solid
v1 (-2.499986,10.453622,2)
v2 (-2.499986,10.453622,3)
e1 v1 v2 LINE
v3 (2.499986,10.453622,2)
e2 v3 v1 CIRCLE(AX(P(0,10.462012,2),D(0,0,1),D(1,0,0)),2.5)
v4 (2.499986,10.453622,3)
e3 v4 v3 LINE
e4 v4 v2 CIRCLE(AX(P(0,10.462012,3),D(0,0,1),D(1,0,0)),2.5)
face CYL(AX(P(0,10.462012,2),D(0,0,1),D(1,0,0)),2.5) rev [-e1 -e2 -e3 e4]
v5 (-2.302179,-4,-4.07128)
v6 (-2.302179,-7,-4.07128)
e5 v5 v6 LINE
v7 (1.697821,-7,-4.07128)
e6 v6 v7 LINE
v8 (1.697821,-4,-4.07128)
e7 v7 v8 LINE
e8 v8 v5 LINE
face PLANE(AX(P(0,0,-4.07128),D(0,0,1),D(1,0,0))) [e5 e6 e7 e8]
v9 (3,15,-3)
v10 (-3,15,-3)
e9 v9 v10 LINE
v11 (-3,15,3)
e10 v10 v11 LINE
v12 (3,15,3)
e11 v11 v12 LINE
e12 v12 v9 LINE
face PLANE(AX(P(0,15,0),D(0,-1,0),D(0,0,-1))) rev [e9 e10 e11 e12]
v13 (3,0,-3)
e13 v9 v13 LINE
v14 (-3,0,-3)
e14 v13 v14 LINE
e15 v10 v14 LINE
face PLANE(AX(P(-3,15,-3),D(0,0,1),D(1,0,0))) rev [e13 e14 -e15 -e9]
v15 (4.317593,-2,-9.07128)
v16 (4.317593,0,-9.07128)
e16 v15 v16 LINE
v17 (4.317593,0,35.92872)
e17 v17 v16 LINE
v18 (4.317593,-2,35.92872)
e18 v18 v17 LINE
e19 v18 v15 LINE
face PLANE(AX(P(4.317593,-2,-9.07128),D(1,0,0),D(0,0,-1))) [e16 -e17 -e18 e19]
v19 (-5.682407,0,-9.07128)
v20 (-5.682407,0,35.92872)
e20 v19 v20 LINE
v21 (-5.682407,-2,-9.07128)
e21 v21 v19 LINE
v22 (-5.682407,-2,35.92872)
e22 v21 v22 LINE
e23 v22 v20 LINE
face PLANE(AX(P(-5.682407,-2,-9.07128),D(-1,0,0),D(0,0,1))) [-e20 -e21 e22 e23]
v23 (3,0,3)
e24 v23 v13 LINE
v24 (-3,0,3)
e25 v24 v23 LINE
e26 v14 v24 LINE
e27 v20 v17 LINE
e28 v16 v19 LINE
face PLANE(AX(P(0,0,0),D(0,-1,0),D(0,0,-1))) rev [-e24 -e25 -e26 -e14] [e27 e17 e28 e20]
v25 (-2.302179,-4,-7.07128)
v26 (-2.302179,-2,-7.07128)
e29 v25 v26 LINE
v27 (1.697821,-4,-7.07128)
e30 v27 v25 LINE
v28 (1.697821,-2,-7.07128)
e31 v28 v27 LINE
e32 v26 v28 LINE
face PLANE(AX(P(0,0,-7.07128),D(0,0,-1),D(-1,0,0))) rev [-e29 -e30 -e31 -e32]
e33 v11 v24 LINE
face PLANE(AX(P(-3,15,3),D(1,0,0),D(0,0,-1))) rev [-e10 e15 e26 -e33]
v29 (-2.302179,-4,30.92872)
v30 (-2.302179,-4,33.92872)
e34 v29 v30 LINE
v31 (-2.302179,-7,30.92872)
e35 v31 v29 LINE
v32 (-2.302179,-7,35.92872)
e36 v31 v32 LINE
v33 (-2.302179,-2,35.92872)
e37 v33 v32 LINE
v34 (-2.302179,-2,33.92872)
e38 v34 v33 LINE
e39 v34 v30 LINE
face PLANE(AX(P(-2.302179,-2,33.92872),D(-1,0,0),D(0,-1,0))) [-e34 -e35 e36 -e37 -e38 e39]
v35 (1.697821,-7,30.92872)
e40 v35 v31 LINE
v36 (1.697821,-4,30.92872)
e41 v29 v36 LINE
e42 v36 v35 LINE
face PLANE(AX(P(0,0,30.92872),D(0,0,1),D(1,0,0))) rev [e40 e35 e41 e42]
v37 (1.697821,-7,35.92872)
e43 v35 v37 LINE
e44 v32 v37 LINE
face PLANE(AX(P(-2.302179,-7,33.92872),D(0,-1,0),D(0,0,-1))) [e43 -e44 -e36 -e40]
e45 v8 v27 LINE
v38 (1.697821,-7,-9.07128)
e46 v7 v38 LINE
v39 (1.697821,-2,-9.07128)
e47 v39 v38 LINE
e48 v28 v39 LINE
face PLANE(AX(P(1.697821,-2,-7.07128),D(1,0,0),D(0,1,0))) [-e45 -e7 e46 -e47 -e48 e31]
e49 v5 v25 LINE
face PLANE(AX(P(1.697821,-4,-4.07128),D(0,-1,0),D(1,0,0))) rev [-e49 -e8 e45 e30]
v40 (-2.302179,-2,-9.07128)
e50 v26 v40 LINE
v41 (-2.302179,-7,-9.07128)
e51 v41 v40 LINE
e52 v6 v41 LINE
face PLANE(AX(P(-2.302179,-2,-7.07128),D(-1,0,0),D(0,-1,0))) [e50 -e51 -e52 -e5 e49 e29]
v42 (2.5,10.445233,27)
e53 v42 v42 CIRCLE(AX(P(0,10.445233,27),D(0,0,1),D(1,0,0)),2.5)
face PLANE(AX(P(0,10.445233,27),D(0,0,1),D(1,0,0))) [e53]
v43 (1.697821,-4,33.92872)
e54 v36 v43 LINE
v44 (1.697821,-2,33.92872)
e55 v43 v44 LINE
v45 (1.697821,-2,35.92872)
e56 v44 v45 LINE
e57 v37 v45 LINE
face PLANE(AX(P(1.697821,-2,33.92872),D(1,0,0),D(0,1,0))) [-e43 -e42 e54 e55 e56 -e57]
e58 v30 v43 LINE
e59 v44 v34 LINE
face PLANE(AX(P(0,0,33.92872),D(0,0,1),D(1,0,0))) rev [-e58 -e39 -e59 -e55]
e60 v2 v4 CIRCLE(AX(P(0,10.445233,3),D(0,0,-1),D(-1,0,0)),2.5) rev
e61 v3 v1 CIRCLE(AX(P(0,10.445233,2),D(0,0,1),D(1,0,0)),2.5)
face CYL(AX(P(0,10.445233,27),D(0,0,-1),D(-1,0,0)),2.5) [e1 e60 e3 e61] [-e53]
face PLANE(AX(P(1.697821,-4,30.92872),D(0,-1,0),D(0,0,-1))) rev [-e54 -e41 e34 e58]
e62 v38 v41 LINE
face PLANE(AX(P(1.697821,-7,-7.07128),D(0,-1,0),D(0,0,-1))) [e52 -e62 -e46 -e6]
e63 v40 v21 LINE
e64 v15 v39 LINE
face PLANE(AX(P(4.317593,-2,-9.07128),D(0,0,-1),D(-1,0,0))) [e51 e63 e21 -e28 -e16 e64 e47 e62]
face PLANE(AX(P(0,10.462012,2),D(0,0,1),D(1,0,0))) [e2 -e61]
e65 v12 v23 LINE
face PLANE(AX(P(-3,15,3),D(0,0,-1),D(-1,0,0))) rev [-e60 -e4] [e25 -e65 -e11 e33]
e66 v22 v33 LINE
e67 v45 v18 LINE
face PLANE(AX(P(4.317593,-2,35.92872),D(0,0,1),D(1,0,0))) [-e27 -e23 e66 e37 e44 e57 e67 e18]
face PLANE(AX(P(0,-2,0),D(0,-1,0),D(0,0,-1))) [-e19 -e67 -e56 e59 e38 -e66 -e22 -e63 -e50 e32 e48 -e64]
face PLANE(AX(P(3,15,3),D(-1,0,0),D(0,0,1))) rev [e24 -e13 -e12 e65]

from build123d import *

# Parameters (mm, degrees)
SKETCH1_W           = 6
SKETCH1_H           = 6
BOSS_EXTRUDE1_DEPTH = 15
SKETCH3_W           = 10
SKETCH3_H           = 45
BOSS_EXTRUDE2_DEPTH = 2
SKETCH4_W           = 4
SKETCH4_H           = 5
BOSS_EXTRUDE3_DEPTH = 2
SKETCH5_W           = 4
SKETCH5_H           = 5
BOSS_EXTRUDE4_DEPTH = 2
SKETCH6_W           = 4
SKETCH6_H           = 3
BOSS_EXTRUDE5_DEPTH = 3
SKETCH7_W           = 4
SKETCH7_H           = 3
BOSS_EXTRUDE6_DEPTH = 3
SKETCH8_R           = 2.5
CUT_EXTRUDE1_DEPTH  = 1
SKETCH9_R           = 2.5
BOSS_EXTRUDE7_DEPTH = 25


with BuildPart() as part:
    # Sketch1 → Boss-Extrude1 (new body)
    with BuildSketch(Plane(origin=(0, 0, 0), x_dir=(1, 0, 0), z_dir=(0, 1, 0))):
        Rectangle(SKETCH1_W, SKETCH1_H)
    extrude(amount=BOSS_EXTRUDE1_DEPTH)

    # Sketch3 → Boss-Extrude2 (add)
    with BuildSketch(Plane(origin=(0, 0, 0), x_dir=(1, 0, 0), z_dir=(0, 1, 0))):
        with Locations((-0.682406889, -13.428719973)):
            Rectangle(SKETCH3_W, SKETCH3_H)
    extrude(amount=-BOSS_EXTRUDE2_DEPTH)

    # Sketch4 → Boss-Extrude3 (add)
    with BuildSketch(Plane.XY.offset(35.928719973)):
        with Locations((-0.302179452, -4.5)):
            Rectangle(SKETCH4_W, SKETCH4_H)
    extrude(amount=-BOSS_EXTRUDE3_DEPTH)

    # Sketch5 → Boss-Extrude4 (add)
    with BuildSketch(Plane(origin=(0, 0, -9.071280027), x_dir=(-1, 0, 0), z_dir=(0, 0, -1))):
        with Locations((0.302179452, -4.5)):
            Rectangle(SKETCH5_W, SKETCH5_H)
    extrude(amount=-BOSS_EXTRUDE4_DEPTH)

    # Sketch6 → Boss-Extrude5 (add)
    with BuildSketch(Plane(origin=(0, 0, 33.928719973), x_dir=(-1, 0, 0), z_dir=(0, 0, -1))):
        with Locations((0.302179452, -5.5)):
            Rectangle(SKETCH6_W, SKETCH6_H)
    extrude(amount=BOSS_EXTRUDE5_DEPTH)

    # Sketch7 → Boss-Extrude6 (add)
    with BuildSketch(Plane.XY.offset(-7.071280027)):
        with Locations((-0.302179452, -5.5)):
            Rectangle(SKETCH7_W, SKETCH7_H)
    extrude(amount=BOSS_EXTRUDE6_DEPTH)

    # Sketch8 → Cut-Extrude1 (cut)
    with BuildSketch(Plane.XY.offset(3)):
        with Locations((0, 10.46201193)):
            Circle(SKETCH8_R)
    extrude(amount=-CUT_EXTRUDE1_DEPTH, mode=Mode.SUBTRACT)

    # Sketch9 → Boss-Extrude7 (add)
    with BuildSketch(Plane.XY.offset(2)):
        with Locations((0, 10.44523286)):
            Circle(SKETCH9_R)
    extrude(amount=BOSS_EXTRUDE7_DEPTH)


solid = part.part
